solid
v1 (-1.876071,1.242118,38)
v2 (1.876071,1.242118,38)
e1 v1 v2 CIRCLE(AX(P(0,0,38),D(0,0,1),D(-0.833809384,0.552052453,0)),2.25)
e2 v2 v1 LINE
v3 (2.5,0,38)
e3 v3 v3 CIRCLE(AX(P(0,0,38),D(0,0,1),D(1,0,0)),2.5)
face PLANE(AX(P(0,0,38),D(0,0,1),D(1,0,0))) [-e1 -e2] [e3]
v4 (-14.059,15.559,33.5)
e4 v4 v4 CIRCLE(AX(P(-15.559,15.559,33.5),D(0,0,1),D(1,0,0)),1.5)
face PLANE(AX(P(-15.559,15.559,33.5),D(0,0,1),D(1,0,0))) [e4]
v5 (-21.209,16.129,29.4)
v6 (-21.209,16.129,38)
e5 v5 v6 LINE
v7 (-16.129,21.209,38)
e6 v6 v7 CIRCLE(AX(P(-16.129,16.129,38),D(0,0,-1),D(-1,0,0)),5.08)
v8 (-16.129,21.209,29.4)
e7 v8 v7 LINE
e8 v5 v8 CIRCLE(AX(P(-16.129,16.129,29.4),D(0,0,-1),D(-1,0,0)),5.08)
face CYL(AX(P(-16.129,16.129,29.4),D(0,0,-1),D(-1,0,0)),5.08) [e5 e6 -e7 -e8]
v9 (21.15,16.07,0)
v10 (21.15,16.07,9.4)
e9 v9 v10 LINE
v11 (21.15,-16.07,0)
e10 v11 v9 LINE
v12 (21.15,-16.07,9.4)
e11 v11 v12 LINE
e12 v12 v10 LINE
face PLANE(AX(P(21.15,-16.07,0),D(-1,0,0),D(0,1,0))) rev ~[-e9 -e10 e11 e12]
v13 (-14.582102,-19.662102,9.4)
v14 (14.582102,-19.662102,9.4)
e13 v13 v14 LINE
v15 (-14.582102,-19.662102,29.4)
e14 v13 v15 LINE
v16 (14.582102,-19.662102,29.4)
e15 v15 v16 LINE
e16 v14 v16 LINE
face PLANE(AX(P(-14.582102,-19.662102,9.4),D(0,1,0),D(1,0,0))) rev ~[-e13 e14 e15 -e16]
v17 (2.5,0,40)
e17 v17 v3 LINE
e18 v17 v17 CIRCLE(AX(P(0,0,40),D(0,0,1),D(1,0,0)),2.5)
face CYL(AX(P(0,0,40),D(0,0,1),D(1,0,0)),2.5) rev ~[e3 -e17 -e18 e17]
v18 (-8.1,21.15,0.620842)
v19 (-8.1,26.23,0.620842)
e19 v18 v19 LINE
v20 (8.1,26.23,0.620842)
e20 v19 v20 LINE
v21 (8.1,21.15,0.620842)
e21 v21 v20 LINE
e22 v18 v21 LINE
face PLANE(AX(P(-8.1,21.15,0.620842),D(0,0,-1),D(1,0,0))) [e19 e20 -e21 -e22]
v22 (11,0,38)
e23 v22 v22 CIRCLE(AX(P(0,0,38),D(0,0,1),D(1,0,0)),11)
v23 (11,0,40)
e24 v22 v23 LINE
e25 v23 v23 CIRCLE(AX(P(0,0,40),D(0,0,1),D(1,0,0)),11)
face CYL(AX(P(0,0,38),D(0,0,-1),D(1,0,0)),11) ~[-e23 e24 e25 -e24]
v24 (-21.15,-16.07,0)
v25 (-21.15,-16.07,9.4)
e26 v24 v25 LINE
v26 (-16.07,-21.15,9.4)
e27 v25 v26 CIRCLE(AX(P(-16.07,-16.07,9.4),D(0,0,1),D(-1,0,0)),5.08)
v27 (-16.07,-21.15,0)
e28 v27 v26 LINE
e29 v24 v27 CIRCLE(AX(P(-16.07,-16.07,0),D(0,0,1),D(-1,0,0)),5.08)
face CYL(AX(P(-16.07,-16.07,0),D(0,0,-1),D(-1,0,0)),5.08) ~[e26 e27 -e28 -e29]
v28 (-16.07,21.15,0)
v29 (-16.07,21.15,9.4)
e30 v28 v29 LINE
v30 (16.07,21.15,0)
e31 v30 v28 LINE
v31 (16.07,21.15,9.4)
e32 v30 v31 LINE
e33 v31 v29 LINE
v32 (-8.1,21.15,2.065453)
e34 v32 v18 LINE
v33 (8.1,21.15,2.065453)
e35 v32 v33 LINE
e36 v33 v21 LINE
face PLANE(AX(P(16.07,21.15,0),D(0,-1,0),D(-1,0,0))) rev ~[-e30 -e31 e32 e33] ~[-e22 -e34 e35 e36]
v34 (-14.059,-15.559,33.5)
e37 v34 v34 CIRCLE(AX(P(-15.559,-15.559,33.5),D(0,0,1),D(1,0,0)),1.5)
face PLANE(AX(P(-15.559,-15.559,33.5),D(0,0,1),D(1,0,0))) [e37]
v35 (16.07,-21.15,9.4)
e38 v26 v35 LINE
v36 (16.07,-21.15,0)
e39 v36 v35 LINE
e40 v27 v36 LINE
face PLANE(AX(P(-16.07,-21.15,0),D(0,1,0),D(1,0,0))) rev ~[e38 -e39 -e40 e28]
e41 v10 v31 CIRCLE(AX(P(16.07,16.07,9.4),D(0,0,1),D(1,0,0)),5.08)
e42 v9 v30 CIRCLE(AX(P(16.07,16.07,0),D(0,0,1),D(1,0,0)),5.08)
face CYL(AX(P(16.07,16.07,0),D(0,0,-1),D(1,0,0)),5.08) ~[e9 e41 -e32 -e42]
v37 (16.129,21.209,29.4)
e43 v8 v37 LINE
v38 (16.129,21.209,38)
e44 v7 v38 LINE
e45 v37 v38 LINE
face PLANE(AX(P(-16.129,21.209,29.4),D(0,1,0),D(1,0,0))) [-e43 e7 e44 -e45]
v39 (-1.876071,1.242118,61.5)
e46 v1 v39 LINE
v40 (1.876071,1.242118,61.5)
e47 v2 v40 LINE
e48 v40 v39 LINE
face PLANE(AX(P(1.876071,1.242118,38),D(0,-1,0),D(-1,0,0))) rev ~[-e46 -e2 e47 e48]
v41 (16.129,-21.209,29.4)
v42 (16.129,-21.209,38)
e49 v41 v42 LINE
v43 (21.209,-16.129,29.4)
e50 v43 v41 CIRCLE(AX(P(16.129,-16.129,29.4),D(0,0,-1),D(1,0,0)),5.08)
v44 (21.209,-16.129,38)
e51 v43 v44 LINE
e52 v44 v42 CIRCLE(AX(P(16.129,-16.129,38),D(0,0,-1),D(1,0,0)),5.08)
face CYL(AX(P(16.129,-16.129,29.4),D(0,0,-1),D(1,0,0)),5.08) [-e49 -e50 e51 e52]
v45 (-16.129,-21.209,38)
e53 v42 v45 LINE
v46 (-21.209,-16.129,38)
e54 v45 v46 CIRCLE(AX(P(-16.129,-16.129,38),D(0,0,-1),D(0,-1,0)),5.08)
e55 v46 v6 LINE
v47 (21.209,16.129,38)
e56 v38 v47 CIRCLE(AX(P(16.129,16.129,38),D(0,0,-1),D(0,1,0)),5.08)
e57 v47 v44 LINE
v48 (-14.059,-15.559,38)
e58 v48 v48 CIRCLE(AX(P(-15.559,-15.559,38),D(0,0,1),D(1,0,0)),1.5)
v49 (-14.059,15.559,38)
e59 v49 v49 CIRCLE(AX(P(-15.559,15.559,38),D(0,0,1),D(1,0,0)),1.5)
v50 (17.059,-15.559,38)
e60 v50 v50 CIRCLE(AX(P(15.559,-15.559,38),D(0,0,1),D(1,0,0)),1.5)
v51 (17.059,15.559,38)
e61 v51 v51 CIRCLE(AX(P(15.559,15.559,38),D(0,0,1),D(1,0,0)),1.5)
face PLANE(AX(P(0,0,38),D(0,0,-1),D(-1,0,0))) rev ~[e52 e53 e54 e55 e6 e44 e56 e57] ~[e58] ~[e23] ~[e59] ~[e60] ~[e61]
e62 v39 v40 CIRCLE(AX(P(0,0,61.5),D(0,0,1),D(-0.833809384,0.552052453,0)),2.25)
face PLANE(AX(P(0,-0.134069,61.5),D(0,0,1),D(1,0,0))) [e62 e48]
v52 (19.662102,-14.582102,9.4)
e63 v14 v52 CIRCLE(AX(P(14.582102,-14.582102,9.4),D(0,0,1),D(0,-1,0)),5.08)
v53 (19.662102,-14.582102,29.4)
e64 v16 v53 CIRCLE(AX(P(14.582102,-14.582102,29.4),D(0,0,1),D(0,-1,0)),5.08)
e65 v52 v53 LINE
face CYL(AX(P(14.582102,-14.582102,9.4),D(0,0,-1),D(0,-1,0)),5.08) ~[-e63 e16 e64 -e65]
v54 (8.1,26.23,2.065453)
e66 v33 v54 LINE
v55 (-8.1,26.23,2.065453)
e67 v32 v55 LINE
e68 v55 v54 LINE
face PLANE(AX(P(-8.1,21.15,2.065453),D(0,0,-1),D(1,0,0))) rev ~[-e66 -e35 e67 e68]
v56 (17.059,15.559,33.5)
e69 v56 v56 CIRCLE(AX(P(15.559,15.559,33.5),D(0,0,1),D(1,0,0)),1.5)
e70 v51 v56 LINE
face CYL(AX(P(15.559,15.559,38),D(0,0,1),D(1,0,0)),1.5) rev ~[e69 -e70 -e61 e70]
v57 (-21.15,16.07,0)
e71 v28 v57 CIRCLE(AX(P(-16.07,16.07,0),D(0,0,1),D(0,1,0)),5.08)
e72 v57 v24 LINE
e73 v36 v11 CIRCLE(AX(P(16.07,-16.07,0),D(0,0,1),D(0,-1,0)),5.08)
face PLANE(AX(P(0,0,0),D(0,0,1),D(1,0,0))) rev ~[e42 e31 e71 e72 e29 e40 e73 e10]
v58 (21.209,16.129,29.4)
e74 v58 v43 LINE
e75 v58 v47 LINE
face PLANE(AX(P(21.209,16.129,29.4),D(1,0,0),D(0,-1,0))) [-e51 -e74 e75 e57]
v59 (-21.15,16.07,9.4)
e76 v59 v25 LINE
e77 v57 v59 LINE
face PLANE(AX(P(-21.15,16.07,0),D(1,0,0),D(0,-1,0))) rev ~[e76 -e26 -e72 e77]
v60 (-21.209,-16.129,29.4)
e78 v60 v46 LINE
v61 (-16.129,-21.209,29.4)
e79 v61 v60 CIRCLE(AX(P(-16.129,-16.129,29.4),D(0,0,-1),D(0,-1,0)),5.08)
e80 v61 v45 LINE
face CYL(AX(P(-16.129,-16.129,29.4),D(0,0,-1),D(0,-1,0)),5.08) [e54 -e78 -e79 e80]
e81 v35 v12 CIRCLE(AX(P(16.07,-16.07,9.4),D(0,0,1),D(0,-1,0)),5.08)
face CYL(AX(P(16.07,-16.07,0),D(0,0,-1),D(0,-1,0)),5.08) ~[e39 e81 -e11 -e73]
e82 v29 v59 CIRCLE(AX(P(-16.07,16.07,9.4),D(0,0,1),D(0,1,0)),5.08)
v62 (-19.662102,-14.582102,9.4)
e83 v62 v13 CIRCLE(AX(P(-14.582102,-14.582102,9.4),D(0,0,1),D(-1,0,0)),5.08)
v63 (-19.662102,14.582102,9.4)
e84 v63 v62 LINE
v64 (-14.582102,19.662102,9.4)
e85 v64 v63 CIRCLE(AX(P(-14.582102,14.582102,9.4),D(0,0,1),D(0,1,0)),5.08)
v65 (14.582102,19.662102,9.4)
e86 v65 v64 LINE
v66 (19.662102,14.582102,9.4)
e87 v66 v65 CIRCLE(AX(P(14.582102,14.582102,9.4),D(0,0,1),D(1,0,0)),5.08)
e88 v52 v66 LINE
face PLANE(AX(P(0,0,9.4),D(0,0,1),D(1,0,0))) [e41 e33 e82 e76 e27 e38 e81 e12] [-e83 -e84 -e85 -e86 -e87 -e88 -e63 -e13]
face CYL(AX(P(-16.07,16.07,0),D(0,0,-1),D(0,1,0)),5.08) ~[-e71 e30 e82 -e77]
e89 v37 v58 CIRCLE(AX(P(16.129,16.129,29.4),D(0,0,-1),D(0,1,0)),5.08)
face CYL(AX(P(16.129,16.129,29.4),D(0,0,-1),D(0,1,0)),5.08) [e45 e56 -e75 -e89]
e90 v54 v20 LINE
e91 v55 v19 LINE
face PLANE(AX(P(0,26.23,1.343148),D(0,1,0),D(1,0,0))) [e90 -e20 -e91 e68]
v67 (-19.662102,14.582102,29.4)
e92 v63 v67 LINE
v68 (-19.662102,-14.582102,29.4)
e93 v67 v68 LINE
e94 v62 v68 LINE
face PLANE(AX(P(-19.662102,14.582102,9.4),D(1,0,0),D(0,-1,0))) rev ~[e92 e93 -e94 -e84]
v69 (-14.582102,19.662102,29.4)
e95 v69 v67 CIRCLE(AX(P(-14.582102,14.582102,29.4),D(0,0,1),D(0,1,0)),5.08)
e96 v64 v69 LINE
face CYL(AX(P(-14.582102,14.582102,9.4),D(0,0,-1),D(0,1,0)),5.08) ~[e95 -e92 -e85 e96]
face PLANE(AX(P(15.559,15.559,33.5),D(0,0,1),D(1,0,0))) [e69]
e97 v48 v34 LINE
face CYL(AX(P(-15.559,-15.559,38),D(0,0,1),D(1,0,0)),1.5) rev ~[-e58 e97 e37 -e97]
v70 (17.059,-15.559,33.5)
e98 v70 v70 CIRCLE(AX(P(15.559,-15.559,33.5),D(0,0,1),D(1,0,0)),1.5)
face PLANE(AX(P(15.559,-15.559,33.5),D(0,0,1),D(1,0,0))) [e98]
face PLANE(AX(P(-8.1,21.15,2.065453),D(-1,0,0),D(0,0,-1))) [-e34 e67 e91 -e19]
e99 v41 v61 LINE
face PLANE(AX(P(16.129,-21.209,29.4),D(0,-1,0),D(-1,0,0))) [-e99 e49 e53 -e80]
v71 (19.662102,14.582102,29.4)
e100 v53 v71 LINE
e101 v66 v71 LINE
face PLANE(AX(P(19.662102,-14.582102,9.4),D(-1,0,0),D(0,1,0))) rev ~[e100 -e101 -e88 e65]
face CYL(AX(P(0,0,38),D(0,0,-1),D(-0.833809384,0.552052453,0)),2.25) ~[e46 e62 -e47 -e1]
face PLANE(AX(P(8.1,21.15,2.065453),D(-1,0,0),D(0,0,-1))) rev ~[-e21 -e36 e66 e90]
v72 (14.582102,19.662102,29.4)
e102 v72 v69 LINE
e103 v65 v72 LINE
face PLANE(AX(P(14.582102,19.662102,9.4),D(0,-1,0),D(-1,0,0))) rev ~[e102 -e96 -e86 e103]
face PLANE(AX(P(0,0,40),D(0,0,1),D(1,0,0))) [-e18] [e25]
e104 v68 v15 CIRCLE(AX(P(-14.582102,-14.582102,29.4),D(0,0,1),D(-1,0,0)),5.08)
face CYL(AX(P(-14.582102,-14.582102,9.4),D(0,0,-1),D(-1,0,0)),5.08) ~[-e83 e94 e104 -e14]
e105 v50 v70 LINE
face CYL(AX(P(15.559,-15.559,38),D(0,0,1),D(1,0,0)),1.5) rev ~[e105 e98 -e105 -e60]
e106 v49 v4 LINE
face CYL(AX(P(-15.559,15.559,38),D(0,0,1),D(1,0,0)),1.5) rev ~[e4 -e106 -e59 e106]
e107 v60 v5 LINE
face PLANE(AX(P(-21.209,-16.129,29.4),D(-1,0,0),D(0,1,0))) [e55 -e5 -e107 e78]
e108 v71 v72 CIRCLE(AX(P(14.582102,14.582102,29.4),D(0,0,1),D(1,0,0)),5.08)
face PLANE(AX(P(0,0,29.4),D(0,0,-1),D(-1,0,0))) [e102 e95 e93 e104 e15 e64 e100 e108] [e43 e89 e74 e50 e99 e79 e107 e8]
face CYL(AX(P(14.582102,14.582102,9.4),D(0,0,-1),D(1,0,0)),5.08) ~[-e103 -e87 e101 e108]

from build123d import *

# Parameters (mm, degrees)
BOSS_EXTRUDE1_DEPTH = 9.4
BOSS_EXTRUDE2_DEPTH = 20
BOSS_EXTRUDE4_DEPTH = 8.6
SKETCH5_R           = 11
BOSS_EXTRUDE5_DEPTH = 2
SKETCH6_R           = 2.5
CUT_EXTRUDE1_DEPTH  = 2
BOSS_EXTRUDE6_DEPTH = 23.5
SKETCH8_W           = 16.2
SKETCH8_H           = 1.444611315
BOSS_EXTRUDE7_DEPTH = 5.08
SKETCH9_R           = 1.5
CUT_EXTRUDE2_DEPTH  = 4.5


with BuildPart() as part:
    # Sketch1 → Boss-Extrude1 (new body)
    with BuildSketch(Plane.XY):
        with BuildLine():
            Line((-16.07, -21.15), (16.07, -21.15))
            ThreePointArc((16.07, -21.15), (19.662102448, -19.662102448), (21.15, -16.07))
            Line((21.15, -16.07), (21.15, 16.07))
            ThreePointArc((21.15, 16.07), (19.662102448, 19.662102448), (16.07, 21.15))
            Line((16.07, 21.15), (-16.07, 21.15))
            ThreePointArc((-16.07, 21.15), (-19.662102448, 19.662102448), (-21.15, 16.07))
            Line((-21.15, 16.07), (-21.15, -16.07))
            ThreePointArc((-21.15, -16.07), (-19.662102448, -19.662102448), (-16.07, -21.15))
        make_face()
    extrude(amount=BOSS_EXTRUDE1_DEPTH)

    # Sketch2 → Boss-Extrude2 (add)
    with BuildSketch(Plane.XY.offset(9.4)):
        with BuildLine():
            Line((-14.582102448, -19.662102448), (14.582102448, -19.662102448))
            ThreePointArc((14.582102448, -19.662102448), (18.174204897, -18.174204897), (19.662102448, -14.582102448))
            Line((19.662102448, -14.582102448), (19.662102448, 14.582102448))
            ThreePointArc((19.662102448, 14.582102448), (18.174204897, 18.174204897), (14.582102448, 19.662102448))
            Line((14.582102448, 19.662102448), (-14.582102448, 19.662102448))
            ThreePointArc((-14.582102448, 19.662102448), (-18.174204897, 18.174204897), (-19.662102448, 14.582102448))
            Line((-19.662102448, 14.582102448), (-19.662102448, -14.582102448))
            ThreePointArc((-19.662102448, -14.582102448), (-18.174204897, -18.174204897), (-14.582102448, -19.662102448))
        make_face()
    extrude(amount=BOSS_EXTRUDE2_DEPTH)

    # Sketch4 → Boss-Extrude4 (add)
    with BuildSketch(Plane.XY.offset(29.4)):
        with BuildLine():
            Line((16.129, -21.209), (-16.129, -21.209))
            ThreePointArc((-16.129, -21.209), (-19.721102448, -19.721102448), (-21.209, -16.129))
            Line((-21.209, -16.129), (-21.209, 16.129))
            ThreePointArc((-21.209, 16.129), (-19.721102448, 19.721102448), (-16.129, 21.209))
            Line((-16.129, 21.209), (16.129, 21.209))
            ThreePointArc((16.129, 21.209), (19.721102448, 19.721102448), (21.209, 16.129))
            Line((21.209, 16.129), (21.209, -16.129))
            ThreePointArc((21.209, -16.129), (19.721102448, -19.721102448), (16.129, -21.209))
        make_face()
    extrude(amount=BOSS_EXTRUDE4_DEPTH)

    # Sketch5 → Boss-Extrude5 (add)
    with BuildSketch(Plane.XY.offset(38)):
        Circle(SKETCH5_R)
    extrude(amount=BOSS_EXTRUDE5_DEPTH)

    # Sketch6 → Cut-Extrude1 (cut)
    with BuildSketch(Plane.XY.offset(40)):
        Circle(SKETCH6_R)
    extrude(amount=-CUT_EXTRUDE1_DEPTH, mode=Mode.SUBTRACT)

    # Sketch7 → Boss-Extrude6 (add)
    with BuildSketch(Plane.XY.offset(38)):
        with BuildLine():
            Line((1.876071115, 1.242118018), (-1.876071115, 1.242118018))
            ThreePointArc((-1.876071115, 1.242118018), (0, -2.25), (1.876071115, 1.242118018))
        make_face()
    extrude(amount=BOSS_EXTRUDE6_DEPTH)

    # Sketch8 → Boss-Extrude7 (add)
    with BuildSketch(Plane(origin=(0, 21.15, 0), x_dir=(1, 0, 0), z_dir=(0, 1, 0))):
        with Locations((0, -1.343147685)):
            Rectangle(SKETCH8_W, SKETCH8_H)
    extrude(amount=BOSS_EXTRUDE7_DEPTH)

    # Sketch9 → Cut-Extrude2 (cut)
    with BuildSketch(Plane.XY.offset(38)):
        with Locations((-15.559, 15.559)):
            Circle(SKETCH9_R)
        with Locations((15.559, 15.559)):
            Circle(SKETCH9_R)
        with Locations((15.559, -15.559)):
            Circle(SKETCH9_R)
        with Locations((-15.559, -15.559)):
            Circle(SKETCH9_R)
    extrude(amount=-CUT_EXTRUDE2_DEPTH, mode=Mode.SUBTRACT)


solid = part.part
